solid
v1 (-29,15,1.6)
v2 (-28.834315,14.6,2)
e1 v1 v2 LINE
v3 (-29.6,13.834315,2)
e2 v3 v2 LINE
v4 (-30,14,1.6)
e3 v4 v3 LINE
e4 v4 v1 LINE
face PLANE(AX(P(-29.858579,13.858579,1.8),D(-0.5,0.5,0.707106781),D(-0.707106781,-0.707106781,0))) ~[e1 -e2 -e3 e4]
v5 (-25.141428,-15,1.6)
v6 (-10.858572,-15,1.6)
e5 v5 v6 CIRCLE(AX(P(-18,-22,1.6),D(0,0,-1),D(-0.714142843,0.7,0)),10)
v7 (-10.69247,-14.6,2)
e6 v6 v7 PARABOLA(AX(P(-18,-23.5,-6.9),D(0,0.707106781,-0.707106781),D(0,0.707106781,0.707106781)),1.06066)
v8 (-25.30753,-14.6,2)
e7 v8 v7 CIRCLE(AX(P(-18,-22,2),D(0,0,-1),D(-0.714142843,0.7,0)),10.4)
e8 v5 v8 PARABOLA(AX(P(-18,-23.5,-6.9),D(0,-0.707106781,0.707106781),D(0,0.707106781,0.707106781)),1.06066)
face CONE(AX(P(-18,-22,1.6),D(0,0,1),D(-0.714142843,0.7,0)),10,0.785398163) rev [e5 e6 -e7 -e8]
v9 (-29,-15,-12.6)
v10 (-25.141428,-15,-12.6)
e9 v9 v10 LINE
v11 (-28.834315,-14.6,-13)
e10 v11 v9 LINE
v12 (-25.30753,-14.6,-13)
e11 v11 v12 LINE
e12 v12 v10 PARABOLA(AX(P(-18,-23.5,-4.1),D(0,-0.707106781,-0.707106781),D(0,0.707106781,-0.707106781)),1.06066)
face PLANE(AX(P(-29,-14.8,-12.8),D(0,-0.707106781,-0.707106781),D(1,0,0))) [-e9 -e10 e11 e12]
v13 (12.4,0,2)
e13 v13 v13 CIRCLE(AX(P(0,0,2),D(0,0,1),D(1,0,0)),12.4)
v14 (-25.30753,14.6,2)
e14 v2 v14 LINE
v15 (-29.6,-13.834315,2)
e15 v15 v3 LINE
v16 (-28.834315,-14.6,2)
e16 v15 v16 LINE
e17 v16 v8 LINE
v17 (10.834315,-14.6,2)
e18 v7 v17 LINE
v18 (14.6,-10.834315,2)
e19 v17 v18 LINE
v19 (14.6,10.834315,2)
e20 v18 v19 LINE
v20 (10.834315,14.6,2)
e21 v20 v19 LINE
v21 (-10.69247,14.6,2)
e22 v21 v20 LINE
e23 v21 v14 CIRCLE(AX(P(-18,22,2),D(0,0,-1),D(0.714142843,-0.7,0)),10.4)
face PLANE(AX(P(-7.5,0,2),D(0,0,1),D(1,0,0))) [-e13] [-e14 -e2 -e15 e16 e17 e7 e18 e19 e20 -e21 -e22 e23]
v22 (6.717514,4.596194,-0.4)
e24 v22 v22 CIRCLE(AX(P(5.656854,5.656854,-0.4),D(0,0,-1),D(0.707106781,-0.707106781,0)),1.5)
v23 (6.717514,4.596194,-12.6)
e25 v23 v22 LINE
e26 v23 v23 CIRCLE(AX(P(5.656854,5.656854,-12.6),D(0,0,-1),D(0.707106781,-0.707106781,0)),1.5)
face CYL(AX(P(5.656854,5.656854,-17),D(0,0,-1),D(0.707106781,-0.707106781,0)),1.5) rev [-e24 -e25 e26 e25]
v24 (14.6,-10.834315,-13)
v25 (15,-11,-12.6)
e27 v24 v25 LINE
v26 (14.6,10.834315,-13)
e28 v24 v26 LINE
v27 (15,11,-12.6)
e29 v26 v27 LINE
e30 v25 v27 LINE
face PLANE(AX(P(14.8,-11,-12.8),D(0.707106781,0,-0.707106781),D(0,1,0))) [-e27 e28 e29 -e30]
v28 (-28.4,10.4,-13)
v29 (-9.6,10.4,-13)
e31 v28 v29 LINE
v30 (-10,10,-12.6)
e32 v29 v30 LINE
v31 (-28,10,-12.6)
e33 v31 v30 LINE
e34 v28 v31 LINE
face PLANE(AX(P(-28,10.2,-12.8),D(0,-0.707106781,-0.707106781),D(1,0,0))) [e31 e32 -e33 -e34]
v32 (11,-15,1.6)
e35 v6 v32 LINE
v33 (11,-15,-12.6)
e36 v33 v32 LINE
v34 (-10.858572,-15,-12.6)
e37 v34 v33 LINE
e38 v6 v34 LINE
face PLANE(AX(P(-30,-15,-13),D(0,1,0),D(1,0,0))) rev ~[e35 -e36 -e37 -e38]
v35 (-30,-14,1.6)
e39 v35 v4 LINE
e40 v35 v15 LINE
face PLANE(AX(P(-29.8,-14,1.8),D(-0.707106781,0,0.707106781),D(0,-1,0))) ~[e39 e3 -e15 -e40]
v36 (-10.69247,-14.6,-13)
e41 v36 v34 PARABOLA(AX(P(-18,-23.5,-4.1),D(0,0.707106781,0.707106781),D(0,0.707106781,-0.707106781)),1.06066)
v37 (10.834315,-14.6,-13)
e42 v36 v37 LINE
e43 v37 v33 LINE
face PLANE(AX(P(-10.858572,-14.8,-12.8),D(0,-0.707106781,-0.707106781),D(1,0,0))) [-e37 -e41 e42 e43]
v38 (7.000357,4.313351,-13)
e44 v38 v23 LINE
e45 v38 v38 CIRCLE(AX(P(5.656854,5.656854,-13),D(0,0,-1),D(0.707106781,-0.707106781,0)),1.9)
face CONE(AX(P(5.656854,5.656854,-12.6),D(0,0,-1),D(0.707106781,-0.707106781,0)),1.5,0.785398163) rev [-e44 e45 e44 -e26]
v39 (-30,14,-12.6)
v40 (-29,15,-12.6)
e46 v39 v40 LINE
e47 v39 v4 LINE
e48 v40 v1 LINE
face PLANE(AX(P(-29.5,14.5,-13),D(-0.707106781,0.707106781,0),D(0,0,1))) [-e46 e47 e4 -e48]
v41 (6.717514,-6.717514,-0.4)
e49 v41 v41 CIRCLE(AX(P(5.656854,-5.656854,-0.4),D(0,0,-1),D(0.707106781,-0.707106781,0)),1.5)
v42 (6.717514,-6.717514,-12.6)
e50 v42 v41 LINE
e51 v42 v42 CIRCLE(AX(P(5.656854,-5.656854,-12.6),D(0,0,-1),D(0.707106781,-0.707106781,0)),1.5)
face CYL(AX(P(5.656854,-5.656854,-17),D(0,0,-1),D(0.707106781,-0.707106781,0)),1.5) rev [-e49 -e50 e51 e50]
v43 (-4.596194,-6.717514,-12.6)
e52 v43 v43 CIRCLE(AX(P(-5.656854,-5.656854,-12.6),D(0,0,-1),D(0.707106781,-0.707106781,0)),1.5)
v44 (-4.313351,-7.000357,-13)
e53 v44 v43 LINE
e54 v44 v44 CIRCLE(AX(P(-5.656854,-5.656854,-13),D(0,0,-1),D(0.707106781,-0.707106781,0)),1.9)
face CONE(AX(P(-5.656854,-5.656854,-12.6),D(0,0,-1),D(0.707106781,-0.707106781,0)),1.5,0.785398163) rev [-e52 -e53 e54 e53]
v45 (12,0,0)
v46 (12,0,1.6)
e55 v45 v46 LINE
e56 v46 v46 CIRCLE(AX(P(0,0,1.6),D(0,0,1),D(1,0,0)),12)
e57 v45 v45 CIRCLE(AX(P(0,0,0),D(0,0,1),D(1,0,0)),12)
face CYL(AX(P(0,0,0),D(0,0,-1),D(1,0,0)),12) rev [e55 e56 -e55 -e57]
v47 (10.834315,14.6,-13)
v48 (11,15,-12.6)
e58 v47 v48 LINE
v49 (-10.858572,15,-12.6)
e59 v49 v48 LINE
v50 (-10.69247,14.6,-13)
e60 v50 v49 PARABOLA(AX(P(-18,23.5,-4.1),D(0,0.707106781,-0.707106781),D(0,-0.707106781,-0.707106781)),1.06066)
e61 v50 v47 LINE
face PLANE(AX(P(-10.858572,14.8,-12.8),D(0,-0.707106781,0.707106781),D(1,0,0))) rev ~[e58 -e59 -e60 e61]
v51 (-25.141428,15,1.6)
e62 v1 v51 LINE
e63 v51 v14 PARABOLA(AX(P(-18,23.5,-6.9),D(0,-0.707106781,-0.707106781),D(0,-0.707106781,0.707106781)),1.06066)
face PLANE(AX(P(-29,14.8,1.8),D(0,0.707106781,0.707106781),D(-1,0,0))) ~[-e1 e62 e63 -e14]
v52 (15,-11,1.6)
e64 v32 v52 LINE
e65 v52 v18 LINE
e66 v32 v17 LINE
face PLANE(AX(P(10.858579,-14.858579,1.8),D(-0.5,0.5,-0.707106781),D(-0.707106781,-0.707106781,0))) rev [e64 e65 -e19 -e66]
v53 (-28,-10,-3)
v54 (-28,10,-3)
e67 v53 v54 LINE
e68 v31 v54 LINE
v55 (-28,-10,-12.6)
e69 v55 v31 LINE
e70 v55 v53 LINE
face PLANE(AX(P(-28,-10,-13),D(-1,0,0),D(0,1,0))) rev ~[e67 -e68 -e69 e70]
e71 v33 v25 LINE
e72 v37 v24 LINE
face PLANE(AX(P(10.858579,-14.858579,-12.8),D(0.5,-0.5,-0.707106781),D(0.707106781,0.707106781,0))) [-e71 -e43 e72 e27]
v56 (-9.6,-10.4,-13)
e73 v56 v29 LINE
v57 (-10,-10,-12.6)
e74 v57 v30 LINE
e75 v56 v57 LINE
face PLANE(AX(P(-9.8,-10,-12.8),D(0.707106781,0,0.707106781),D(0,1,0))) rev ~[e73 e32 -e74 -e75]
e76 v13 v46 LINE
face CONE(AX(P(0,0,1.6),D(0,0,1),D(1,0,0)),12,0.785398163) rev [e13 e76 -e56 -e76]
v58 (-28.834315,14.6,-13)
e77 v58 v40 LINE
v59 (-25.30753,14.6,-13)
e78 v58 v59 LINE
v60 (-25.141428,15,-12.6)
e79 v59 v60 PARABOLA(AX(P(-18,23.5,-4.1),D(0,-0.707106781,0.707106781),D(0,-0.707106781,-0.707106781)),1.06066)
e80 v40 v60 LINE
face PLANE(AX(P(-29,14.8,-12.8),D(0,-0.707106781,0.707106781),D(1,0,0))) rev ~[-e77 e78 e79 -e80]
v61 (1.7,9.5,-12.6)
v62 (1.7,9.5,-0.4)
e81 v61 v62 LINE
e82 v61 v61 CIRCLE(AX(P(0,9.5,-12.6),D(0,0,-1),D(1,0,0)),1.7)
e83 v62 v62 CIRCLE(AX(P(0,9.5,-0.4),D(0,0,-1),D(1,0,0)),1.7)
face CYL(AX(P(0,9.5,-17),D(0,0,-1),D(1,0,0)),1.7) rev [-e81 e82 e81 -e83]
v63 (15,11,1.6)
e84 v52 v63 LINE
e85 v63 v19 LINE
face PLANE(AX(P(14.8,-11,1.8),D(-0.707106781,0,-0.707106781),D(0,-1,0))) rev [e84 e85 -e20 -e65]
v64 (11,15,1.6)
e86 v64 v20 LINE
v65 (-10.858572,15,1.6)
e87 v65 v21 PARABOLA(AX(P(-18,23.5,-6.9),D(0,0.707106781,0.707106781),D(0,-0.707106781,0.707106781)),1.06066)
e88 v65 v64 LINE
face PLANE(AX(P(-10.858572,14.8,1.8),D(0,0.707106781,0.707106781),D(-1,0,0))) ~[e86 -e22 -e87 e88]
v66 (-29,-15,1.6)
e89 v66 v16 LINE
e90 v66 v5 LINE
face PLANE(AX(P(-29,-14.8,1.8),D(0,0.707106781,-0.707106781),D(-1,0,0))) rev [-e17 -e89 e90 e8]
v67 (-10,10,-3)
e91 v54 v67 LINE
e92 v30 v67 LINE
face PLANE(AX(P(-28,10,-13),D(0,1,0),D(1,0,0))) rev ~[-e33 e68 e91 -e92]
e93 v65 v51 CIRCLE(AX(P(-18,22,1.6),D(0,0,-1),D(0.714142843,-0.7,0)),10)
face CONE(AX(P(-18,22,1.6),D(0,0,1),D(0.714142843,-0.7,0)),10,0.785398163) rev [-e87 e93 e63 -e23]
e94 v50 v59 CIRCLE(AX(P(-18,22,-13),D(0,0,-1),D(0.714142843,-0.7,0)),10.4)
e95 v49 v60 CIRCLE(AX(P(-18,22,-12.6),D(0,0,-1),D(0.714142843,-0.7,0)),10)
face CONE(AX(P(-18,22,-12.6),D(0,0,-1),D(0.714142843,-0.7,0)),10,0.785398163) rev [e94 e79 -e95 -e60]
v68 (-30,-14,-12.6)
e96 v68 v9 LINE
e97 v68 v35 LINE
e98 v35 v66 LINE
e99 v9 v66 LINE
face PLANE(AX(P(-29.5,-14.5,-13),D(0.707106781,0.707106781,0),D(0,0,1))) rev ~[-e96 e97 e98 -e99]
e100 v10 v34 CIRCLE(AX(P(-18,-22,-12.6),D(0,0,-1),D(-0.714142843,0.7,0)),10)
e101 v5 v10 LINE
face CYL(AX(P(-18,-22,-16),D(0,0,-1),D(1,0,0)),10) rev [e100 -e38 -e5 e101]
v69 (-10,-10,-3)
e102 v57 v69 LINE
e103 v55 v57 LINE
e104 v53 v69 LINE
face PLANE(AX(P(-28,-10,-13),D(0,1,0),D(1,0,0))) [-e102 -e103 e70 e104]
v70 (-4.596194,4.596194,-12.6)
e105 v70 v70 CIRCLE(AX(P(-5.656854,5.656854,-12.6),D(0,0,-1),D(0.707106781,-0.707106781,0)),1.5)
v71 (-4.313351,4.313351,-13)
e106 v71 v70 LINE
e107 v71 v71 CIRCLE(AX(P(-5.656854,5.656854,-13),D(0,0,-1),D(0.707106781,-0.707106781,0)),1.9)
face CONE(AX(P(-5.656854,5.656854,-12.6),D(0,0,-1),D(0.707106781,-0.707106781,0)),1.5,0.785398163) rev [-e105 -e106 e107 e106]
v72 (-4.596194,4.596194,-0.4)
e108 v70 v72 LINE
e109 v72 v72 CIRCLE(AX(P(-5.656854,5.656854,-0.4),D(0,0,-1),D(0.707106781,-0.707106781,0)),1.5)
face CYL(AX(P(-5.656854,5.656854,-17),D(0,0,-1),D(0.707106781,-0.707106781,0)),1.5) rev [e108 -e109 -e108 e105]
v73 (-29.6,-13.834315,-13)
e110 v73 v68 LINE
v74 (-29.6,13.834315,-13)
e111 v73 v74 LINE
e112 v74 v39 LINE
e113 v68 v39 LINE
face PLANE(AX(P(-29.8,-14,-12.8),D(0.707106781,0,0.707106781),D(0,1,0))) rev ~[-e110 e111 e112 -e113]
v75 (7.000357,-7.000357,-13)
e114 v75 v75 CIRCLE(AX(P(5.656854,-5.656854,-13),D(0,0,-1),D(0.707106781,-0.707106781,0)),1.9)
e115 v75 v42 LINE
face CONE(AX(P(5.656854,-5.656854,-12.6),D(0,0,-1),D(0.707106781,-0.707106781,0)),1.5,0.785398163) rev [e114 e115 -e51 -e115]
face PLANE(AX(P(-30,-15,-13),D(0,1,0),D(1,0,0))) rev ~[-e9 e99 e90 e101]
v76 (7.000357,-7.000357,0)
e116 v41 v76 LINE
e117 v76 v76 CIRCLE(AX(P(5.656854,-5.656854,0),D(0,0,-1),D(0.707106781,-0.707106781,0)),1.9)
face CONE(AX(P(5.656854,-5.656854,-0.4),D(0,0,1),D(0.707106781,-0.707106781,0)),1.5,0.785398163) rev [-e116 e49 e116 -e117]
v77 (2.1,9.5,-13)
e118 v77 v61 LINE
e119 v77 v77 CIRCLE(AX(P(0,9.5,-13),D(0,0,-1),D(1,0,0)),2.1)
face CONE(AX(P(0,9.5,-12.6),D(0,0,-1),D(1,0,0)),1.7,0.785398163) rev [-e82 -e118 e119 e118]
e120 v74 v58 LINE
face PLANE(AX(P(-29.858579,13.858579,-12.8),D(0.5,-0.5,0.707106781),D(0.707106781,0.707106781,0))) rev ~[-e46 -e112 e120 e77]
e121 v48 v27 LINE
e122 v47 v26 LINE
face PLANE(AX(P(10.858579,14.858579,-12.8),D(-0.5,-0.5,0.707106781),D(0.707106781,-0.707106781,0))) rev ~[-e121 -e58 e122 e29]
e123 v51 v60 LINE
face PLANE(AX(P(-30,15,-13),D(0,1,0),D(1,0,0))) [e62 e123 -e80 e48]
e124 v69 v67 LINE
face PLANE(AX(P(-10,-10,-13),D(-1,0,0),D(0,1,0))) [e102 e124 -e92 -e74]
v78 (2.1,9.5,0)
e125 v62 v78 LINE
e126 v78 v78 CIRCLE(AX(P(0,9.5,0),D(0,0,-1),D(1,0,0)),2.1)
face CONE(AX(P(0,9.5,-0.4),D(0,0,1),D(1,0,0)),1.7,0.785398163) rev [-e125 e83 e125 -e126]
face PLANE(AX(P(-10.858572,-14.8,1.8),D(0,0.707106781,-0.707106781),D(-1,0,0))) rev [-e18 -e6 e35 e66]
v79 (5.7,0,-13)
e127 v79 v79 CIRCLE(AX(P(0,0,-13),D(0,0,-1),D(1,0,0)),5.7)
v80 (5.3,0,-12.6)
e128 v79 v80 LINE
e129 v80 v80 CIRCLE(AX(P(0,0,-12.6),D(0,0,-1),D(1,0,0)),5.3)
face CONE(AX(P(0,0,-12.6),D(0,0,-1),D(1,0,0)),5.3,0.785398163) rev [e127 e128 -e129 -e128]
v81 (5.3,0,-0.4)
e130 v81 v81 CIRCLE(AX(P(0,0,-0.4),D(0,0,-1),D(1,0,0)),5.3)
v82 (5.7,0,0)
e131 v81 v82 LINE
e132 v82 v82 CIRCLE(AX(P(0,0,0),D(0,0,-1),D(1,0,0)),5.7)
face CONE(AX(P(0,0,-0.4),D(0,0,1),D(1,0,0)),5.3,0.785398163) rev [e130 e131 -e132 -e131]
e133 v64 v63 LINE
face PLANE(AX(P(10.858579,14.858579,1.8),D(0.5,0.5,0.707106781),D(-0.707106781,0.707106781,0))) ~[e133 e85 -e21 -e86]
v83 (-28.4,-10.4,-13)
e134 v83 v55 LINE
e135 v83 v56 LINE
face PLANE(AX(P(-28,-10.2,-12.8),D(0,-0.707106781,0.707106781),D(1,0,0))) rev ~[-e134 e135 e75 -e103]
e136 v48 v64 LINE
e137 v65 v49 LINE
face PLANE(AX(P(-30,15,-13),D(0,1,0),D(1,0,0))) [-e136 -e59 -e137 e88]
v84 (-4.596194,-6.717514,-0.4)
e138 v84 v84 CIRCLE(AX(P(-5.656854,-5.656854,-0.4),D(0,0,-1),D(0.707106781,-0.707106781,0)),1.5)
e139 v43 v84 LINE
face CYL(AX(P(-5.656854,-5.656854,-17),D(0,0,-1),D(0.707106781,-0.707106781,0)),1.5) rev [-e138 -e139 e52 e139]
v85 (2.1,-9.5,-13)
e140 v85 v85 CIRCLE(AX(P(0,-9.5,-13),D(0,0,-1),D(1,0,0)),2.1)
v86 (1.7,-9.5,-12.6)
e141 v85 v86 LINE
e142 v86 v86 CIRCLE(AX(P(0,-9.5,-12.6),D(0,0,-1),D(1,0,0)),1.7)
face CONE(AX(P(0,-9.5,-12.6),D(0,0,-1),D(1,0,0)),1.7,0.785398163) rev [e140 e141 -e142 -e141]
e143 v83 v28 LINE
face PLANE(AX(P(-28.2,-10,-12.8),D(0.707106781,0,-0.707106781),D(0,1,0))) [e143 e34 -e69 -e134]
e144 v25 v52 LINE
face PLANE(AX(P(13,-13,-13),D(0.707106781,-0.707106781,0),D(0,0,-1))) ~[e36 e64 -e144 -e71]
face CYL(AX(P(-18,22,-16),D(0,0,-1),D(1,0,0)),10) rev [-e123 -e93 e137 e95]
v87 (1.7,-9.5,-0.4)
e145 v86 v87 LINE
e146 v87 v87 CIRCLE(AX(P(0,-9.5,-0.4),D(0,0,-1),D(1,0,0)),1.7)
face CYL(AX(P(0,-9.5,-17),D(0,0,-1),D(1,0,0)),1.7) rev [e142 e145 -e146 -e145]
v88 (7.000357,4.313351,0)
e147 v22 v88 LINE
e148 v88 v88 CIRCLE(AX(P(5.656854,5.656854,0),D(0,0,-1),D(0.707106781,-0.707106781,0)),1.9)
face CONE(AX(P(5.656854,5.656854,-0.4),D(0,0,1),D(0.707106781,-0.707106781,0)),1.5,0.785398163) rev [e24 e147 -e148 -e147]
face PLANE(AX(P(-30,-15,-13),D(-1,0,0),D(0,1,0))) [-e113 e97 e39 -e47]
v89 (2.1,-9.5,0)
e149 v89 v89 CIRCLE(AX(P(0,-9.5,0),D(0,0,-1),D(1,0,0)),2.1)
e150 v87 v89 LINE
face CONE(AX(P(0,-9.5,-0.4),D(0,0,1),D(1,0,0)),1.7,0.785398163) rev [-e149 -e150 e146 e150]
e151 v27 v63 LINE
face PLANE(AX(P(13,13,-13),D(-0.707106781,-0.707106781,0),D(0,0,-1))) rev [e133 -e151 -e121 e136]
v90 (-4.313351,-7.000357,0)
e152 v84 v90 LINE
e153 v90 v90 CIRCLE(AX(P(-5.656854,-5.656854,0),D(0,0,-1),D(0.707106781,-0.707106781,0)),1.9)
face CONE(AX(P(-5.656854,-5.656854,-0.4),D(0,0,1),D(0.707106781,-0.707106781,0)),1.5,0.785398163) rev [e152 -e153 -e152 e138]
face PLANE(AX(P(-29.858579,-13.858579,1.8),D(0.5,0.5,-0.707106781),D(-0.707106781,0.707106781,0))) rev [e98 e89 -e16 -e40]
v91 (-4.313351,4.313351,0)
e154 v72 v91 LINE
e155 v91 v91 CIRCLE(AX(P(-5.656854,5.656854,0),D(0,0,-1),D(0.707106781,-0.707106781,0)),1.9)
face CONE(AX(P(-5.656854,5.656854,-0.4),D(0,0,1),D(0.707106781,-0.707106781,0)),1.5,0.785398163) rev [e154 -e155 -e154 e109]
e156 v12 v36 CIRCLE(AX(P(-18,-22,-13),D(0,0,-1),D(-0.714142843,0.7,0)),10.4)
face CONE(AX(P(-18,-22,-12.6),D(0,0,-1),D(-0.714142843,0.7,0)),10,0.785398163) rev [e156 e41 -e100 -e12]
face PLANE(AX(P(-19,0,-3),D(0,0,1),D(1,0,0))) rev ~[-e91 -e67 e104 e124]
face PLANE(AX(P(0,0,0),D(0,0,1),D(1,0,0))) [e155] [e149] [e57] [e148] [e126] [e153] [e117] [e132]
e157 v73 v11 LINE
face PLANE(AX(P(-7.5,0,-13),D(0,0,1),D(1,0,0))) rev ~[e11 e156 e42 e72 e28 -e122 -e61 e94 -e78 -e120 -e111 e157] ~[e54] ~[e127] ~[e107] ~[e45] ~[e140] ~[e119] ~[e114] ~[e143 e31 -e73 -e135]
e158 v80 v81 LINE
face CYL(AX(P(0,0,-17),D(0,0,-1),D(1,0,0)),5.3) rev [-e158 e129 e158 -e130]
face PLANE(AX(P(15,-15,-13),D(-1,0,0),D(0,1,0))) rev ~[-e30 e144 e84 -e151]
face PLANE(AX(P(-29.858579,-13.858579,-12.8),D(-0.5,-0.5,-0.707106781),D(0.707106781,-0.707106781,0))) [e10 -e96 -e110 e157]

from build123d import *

# Parameters (mm, degrees)
CYLINDER007_R                   = 10
CYLINDER007_DEPTH               = 20
CYLINDER006_R                   = 10
CYLINDER006_DEPTH               = 20
BOX001_W                        = 18
BOX001_H                        = 20
BOX001_DEPTH                    = 10
CYLINDER005_R                   = 5.3
CYLINDER005_DEPTH               = 20
CYLINDER001_R                   = 1.7
CYLINDER001_DEPTH               = 20
CYLINDER_R                      = 1.7
CYLINDER_DEPTH                  = 20
CYLINDER010_R                   = 1.5
CYLINDER010_DEPTH               = 20
CYLINDER009_R                   = 1.5
CYLINDER009_DEPTH               = 20
CYLINDER011_R                   = 1.5
CYLINDER011_DEPTH               = 20
CYLINDER012_R                   = 1.5
CYLINDER012_DEPTH               = 20
FUSION002004003_PLACEMENT_ANGLE = 45
CYLINDER004_R                   = 12
CYLINDER004_DEPTH               = 2
BOX_W                           = 45
BOX_H                           = 30
BOX_DEPTH                       = 15
CHAMFER_SIZE                    = 1
CHAMFER004_SIZE                 = 4
CHAMFER005_SIZE                 = 0.4
CHAMFER006_SIZE                 = 0.4


with BuildPart() as cylinder003:
    # Cylinder007 → Cylinder007 (new body)
    with BuildSketch(Plane(origin=(-18, 22, 0), x_dir=(1, 0, 0), z_dir=(0, 0, 1))):
        Circle(CYLINDER007_R)
    extrude(amount=CYLINDER007_DEPTH)


with BuildPart() as fusion002004002:
    # Cylinder006 → Cylinder006 (new body)
    with BuildSketch(Plane(origin=(-18, -22, 0), x_dir=(1, 0, 0), z_dir=(0, 0, 1))):
        Circle(CYLINDER006_R)
    extrude(amount=CYLINDER006_DEPTH)

    # Fusion002004002: union Cylinder003
    add(cylinder003.part)


with BuildPart() as fusion002004002_1:
    # Fusion002004002 placement: moved
    add(fusion002004002.part.moved(Location((0, 0, -16))))


with BuildPart() as cube001:
    # Box001 → Box001 (new body)
    with BuildSketch(Plane(origin=(-28, -10, -13), x_dir=(1, 0, 0), z_dir=(0, 0, 1))):
        with Locations((9, 10)):
            Rectangle(BOX001_W, BOX001_H)
    extrude(amount=BOX001_DEPTH)


with BuildPart() as cylinder001:
    # Cylinder005 → Cylinder005 (new body)
    with BuildSketch(Plane.XY):
        Circle(CYLINDER005_R)
    extrude(amount=CYLINDER005_DEPTH)


with BuildPart() as cylinder001_body:
    # Cylinder001 → Cylinder001 (new body)
    with BuildSketch(Plane(origin=(0, -9.5, 0), x_dir=(1, 0, 0), z_dir=(0, 0, 1))):
        Circle(CYLINDER001_R)
    extrude(amount=CYLINDER001_DEPTH)


with BuildPart() as fusion002004004:
    # Cylinder → Cylinder (new body)
    with BuildSketch(Plane(origin=(0, 9.5, 0), x_dir=(1, 0, 0), z_dir=(0, 0, 1))):
        Circle(CYLINDER_R)
    extrude(amount=CYLINDER_DEPTH)

    # Fusion: union Cylinder001, Cylinder001 body
    add(cylinder001.part)
    add(cylinder001_body.part)


with BuildPart() as cylinder006:
    # Cylinder010 → Cylinder010 (new body)
    with BuildSketch(Plane(origin=(8, 0, 0), x_dir=(1, 0, 0), z_dir=(0, 0, 1))):
        Circle(CYLINDER010_R)
    extrude(amount=CYLINDER010_DEPTH)


with BuildPart() as cylinder005:
    # Cylinder009 → Cylinder009 (new body)
    with BuildSketch(Plane(origin=(0, 8, 0), x_dir=(1, 0, 0), z_dir=(0, 0, 1))):
        Circle(CYLINDER009_R)
    extrude(amount=CYLINDER009_DEPTH)


with BuildPart() as cylinder007:
    # Cylinder011 → Cylinder011 (new body)
    with BuildSketch(Plane(origin=(-8, 0, 0), x_dir=(1, 0, 0), z_dir=(0, 0, 1))):
        Circle(CYLINDER011_R)
    extrude(amount=CYLINDER011_DEPTH)


with BuildPart() as fusion002004005:
    # Cylinder012 → Cylinder012 (new body)
    with BuildSketch(Plane(origin=(0, -8, 0), x_dir=(1, 0, 0), z_dir=(0, 0, 1))):
        Circle(CYLINDER012_R)
    extrude(amount=CYLINDER012_DEPTH)

    # Fusion002004003: union Cylinder006, Cylinder005, Cylinder007
    add(cylinder006.part)
    add(cylinder005.part)
    add(cylinder007.part)


with BuildPart() as fusion002004005_1:
    # Fusion002004003 placement: moved
    add(fusion002004005.part.rotate(Axis((0, 0, 0), (0, 0, -1)), FUSION002004003_PLACEMENT_ANGLE))

    # Fusion002004005: union Fusion002004004
    add(fusion002004004.part)


with BuildPart() as fusion002004005_2:
    # Fusion002004005 placement: moved
    add(fusion002004005_1.part.moved(Location((0, 0, -17))))


with BuildPart() as cylinder:
    # Cylinder004 → Cylinder004 (new body)
    with BuildSketch(Plane.XY):
        Circle(CYLINDER004_R)
    extrude(amount=CYLINDER004_DEPTH)


with BuildPart() as base:
    # Box → Box (new body)
    with BuildSketch(Plane(origin=(-30, -15, -13), x_dir=(1, 0, 0), z_dir=(0, 0, 1))):
        with Locations((22.5, 15)):
            Rectangle(BOX_W, BOX_H)
    extrude(amount=BOX_DEPTH)

    # Cut: cut Cylinder
    add(cylinder.part, mode=Mode.SUBTRACT)

    # Cut017021010004016006: cut Fusion002004005
    add(fusion002004005_2.part, mode=Mode.SUBTRACT)

    # Cut017021010004016007: cut Cube001
    add(cube001.part, mode=Mode.SUBTRACT)

    # Cut017021010004016008: cut Fusion002004002
    add(fusion002004002_1.part, mode=Mode.SUBTRACT)

    # Chamfer
    chamfer_edges = [base.edges().sort_by_distance(p)[0] for p in [
        (-30, -15, -5.5),
        (-30, 15, -5.5),
    ]]
    chamfer(chamfer_edges, length=CHAMFER_SIZE)

    # Chamfer004
    chamfer004_edges = [base.edges().sort_by_distance(p)[0] for p in [
        (15, 15, -5.5),
        (15, -15, -5.5),
    ]]
    chamfer(chamfer004_edges, length=CHAMFER004_SIZE)

    # Chamfer005
    chamfer005_edges = [base.edges().sort_by_distance(p)[0] for p in [
        (0.070714, 15, 2),
        (13, 13, 2),
        (-18, 12, 2),
        (15, 0, 2),
        (-27.070714, 15, 2),
        (13, -13, 2),
        (-29.5, 14.5, 2),
        (0.070714, -15, 2),
        (-30, 0, 2),
        (-18, -12, 2),
        (-29.5, -14.5, 2),
        (-27.070714, -15, 2),
        (-12, 0, 2),
        (0.070714, 15, -13),
        (13, 13, -13),
        (-18, 12, -13),
        (15, 0, -13),
        (-27.070714, 15, -13),
        (13, -13, -13),
        (-29.5, 14.5, -13),
        (0.070714, -15, -13),
        (-30, 0, -13),
        (-18, -12, -13),
        (-29.5, -14.5, -13),
        (-27.070714, -15, -13),
        (-6.717514, -4.596194, -13),
        (-6.717514, 6.717514, -13),
        (4.596194, 6.717514, -13),
        (-5.3, 0, -13),
        (4.596194, -4.596194, -13),
        (-1.7, 9.5, -13),
        (-1.7, -9.5, -13),
        (-28, 0, -13),
        (-19, 10, -13),
        (-19, -10, -13),
        (-10, 0, -13),
    ]]
    chamfer(chamfer005_edges, length=CHAMFER005_SIZE)

    # Chamfer006
    chamfer006_edges = [base.edges().sort_by_distance(p)[0] for p in [
        (4.596194, -4.596194, 0),
        (-5.3, 0, 0),
        (-6.717514, -4.596194, 0),
        (-1.7, 9.5, 0),
        (-6.717514, 6.717514, 0),
        (4.596194, 6.717514, 0),
        (-1.7, -9.5, 0),
    ]]
    chamfer(chamfer006_edges, length=CHAMFER006_SIZE)


solid = base.part
